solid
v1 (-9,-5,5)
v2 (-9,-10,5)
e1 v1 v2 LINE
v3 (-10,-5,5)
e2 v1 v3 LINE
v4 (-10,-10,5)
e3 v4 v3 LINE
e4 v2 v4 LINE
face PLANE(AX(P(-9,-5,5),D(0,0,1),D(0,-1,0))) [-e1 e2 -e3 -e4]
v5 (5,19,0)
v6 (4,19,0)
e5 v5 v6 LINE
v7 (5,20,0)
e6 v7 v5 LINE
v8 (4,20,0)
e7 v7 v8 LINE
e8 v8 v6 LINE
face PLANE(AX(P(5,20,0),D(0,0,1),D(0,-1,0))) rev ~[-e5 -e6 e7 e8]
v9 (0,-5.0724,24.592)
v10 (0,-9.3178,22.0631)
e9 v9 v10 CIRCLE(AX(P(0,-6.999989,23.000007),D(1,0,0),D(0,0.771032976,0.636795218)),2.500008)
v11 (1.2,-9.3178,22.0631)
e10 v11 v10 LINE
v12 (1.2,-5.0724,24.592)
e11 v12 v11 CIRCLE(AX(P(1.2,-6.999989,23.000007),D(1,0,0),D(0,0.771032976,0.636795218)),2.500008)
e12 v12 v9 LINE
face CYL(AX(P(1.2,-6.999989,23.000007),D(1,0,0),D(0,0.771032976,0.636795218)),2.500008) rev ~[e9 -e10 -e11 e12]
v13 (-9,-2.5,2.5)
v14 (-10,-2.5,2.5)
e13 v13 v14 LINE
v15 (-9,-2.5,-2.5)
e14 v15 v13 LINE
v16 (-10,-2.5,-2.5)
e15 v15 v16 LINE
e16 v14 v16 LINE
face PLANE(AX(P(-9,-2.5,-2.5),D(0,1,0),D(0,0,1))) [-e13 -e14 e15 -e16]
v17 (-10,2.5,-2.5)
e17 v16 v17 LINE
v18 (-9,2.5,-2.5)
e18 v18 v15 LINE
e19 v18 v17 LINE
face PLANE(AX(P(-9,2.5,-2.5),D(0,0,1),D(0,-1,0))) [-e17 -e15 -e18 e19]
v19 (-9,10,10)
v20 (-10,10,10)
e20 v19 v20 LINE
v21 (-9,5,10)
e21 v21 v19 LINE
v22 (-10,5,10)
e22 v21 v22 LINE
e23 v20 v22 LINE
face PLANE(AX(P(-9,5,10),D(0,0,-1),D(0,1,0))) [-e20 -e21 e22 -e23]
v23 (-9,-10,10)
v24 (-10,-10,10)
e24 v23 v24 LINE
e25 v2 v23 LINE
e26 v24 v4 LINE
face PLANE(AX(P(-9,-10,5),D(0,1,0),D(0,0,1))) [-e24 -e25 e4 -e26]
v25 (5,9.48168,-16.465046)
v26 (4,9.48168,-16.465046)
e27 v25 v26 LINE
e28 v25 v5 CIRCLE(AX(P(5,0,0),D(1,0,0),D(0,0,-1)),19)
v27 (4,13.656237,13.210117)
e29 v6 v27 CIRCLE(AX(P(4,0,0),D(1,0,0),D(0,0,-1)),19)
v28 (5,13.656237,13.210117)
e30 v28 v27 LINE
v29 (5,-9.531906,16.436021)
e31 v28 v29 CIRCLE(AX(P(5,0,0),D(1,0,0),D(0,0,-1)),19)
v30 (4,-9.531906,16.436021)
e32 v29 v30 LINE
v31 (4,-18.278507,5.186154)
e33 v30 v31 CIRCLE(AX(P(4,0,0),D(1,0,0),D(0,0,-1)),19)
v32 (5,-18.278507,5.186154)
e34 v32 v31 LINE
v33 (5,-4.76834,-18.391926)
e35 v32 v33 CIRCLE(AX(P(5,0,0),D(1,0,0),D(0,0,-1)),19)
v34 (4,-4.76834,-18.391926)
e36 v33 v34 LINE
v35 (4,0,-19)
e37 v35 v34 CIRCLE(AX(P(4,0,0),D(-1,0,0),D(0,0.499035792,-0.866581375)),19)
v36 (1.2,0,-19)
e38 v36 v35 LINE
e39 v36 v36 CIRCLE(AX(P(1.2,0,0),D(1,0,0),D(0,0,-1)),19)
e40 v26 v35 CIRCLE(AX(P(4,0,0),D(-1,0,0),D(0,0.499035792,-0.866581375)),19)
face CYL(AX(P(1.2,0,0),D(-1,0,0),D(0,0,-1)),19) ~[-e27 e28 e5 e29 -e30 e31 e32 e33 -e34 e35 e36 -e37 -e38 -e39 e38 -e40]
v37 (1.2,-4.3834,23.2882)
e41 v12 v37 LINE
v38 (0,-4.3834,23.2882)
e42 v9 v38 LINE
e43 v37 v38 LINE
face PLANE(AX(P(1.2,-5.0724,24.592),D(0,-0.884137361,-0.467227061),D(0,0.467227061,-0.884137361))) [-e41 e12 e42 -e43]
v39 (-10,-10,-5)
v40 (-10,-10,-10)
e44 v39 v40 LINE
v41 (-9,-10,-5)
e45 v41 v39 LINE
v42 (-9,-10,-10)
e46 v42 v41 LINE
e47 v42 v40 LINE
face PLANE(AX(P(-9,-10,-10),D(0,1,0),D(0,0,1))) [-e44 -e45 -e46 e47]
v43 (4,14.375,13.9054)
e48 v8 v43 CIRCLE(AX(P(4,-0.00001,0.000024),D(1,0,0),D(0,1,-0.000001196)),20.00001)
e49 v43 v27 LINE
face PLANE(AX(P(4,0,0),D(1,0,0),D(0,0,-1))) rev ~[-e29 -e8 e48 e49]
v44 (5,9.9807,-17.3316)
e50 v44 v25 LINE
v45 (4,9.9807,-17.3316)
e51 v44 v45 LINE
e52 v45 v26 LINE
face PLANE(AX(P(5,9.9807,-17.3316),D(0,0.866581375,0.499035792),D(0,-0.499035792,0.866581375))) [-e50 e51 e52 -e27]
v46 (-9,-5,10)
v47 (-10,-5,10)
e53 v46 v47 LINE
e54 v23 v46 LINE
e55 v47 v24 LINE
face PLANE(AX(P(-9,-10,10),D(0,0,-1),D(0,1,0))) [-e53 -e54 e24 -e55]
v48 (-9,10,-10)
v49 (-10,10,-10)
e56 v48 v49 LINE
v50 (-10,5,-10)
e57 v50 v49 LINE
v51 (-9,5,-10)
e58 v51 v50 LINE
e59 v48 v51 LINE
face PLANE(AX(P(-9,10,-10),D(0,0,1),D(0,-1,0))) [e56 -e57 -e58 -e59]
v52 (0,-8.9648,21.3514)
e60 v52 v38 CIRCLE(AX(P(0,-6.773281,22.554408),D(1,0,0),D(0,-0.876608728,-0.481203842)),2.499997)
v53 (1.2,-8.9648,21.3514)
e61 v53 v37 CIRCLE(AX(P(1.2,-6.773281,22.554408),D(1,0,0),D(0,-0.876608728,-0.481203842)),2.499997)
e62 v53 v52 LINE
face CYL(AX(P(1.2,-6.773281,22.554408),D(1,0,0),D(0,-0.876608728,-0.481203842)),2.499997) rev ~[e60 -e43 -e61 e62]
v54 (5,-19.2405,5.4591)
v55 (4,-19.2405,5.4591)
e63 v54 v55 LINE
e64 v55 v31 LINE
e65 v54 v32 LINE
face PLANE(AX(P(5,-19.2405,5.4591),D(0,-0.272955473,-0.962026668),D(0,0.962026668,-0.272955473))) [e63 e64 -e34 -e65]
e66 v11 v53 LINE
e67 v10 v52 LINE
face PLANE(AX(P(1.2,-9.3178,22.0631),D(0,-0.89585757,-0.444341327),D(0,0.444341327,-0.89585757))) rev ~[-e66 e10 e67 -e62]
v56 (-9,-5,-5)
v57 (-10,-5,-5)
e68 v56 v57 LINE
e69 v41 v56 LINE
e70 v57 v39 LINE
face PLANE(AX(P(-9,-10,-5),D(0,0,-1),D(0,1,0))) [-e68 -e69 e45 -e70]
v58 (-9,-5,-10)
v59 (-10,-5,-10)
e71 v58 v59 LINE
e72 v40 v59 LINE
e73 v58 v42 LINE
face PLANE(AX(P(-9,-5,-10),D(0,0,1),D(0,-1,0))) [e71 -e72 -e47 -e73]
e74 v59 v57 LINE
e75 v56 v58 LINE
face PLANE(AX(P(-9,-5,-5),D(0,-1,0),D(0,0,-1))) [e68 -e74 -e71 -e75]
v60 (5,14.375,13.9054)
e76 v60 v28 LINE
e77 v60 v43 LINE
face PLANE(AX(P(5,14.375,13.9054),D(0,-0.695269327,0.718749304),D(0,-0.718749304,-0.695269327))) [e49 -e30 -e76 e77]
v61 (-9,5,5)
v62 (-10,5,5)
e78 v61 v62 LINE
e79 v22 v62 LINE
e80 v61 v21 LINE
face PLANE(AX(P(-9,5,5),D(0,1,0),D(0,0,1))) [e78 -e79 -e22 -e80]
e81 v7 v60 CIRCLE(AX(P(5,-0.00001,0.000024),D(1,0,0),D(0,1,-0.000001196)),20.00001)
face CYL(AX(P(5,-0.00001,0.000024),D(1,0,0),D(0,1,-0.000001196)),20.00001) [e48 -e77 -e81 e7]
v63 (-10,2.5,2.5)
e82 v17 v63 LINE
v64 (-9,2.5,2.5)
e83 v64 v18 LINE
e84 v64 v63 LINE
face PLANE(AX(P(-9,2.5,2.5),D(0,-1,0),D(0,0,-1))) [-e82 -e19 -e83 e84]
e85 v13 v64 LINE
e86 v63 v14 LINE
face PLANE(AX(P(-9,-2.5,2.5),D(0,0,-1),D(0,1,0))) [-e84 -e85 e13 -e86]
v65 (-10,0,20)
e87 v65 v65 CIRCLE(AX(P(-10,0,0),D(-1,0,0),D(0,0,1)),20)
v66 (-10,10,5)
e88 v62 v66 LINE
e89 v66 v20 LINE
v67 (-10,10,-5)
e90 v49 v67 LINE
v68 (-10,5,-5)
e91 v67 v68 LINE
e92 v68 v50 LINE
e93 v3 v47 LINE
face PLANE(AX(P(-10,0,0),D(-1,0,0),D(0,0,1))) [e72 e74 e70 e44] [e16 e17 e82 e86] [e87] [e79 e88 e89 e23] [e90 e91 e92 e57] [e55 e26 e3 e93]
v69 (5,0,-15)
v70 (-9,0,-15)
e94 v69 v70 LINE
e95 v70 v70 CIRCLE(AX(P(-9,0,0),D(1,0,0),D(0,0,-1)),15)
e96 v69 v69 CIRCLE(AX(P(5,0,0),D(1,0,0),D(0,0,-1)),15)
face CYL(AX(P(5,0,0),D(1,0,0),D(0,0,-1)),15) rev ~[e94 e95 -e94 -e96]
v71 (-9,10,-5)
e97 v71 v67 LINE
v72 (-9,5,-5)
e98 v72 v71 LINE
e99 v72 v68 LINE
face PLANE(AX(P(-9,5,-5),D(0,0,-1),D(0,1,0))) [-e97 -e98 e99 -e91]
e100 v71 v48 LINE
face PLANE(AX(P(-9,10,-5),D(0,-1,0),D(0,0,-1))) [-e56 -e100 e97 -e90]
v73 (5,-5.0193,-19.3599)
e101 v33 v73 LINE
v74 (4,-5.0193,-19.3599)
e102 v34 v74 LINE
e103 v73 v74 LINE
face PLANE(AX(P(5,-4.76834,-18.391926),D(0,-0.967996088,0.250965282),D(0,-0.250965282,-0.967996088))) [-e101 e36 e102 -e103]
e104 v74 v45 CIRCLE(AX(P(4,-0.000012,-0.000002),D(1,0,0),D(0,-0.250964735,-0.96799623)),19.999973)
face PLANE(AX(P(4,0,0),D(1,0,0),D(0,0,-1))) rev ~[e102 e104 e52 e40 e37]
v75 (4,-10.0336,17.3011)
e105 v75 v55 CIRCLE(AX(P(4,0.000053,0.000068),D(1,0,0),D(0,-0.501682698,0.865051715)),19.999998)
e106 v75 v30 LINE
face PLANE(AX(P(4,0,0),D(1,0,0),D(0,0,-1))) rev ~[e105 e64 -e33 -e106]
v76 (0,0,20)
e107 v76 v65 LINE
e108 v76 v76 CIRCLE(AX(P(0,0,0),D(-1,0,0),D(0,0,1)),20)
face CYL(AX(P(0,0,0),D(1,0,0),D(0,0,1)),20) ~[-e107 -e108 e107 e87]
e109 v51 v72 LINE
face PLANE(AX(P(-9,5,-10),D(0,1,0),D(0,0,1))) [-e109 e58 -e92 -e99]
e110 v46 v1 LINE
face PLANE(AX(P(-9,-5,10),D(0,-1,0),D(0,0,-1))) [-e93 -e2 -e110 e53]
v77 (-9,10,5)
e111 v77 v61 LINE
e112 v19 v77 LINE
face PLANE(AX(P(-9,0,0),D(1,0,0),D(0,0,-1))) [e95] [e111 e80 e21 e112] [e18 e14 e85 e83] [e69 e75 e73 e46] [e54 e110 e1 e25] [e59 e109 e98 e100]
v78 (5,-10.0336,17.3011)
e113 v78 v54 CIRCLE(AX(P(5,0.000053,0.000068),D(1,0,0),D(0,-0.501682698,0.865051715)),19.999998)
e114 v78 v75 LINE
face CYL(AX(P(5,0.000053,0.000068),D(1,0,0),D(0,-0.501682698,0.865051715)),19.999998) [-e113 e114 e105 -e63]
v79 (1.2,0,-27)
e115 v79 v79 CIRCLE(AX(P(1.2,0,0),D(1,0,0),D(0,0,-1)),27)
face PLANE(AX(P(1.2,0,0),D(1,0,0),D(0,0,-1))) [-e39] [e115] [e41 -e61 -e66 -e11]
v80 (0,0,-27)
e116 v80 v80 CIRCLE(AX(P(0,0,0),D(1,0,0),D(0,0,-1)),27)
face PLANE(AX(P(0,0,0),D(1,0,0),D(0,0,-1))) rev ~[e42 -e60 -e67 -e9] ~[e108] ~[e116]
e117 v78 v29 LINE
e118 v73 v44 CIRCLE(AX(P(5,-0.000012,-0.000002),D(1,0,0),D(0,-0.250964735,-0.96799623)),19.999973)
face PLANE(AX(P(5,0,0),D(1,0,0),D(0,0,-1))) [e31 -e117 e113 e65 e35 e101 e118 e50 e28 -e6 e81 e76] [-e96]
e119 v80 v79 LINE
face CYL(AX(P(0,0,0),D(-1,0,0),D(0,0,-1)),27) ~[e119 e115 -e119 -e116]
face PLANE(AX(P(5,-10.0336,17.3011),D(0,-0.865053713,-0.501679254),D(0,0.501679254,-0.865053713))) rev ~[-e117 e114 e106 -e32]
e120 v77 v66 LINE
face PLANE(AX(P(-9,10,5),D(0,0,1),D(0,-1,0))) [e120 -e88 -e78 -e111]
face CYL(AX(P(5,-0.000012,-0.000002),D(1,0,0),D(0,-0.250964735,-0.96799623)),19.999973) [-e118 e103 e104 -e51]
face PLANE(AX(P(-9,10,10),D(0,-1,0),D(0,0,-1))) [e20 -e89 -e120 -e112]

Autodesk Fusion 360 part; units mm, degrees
sketch "スケッチ1" plane through (0, 0, 0) normal (1, 0, 0) x (0, 0, -1)
  circle A0 centre (0, 0) radius 27
  dimension "d1" = 54
extrude "押し出し1" add sketch "スケッチ1" along normal blind 1.2
sketch "スケッチ2" plane through (1.2, 0, 0) normal (1, 0, 0) x (0, 0, -1)
  circle A0 centre (0, 0) radius 27
  circle A1 centre (0, 0) radius 19
  dimension "d4" = 38
extrude "押し出し2" add sketch "スケッチ2" along normal blind 3.8 contours A1
sketch "スケッチ7" plane through (5, 0, 0) normal (1, 0, 0) x (0, 0, -1)
  circle A0 centre (0, 0) radius 19
  arc A1 (0, 20) -> (-13.9054, 14.375) centre (0, 0) ccw
  arc A2 (-17.3011, -10.0336) -> (-5.4591, -19.2405) centre (0, 0) ccw
  arc A3 (19.3599, -5.0193) -> (17.3316, 9.9807) centre (0, 0) ccw
  line L0 (17.3316, 9.9807) -> (0, 0)
  line L1 (0, 0) -> (19.3599, -5.0193)
  line L2 (0, 20) -> (0, 0)
  line L3 (-13.9054, 14.375) -> (0, 0)
  line L4 (-17.3011, -10.0336) -> (0, 0)
  line L5 (-5.4591, -19.2405) -> (0, 0)
  dimension "d10" = 20
  dimension "d11" = 20
  dimension "d12" = 20
  dimension "d13" = 15
  dimension "d14" = 15
  dimension "d15" = 15
extrude "押し出し3" add sketch "スケッチ7" against normal blind 1 contours A0 A3 L0 L1 | A0 A1 L2 L3 | A0 A2 L4 L5
sketch "スケッチ12" plane through (1.2, 0, 0) normal (1, 0, 0) x (0, 0, -1)
  circle A0 centre (0, 0) radius 19
  circle A1 centre (0, 0) radius 27
  arc A2 (-24.592, -5.0724) -> (-22.0631, -9.3178) centre (-23, -7) ccw
  arc A3 (-21.3514, -8.9648) -> (-23.2882, -4.3834) centre (-22.5544, -6.7733) ccw
  line L0 (-22.0631, -9.3178) -> (-21.3514, -8.9648)
  line L1 (-24.592, -5.0724) -> (-23.2882, -4.3834)
  dimension "d38" = 2.5
  dimension "d39" = 2.5
  dimension "d62" = 0.5
  dimension "d63" = 1.476
extrude "押し出し10" cut sketch "スケッチ12" against normal blind 11 contours A2 A3 L0 L1
sketch "スケッチ8" plane through (0, 0, 0) normal (-1, 0, 0) x (0, 0, 1)
  circle A0 centre (0, 0) radius 27
  circle A1 centre (0, 0) radius 20
  arc A2 (23.2882, -4.3834) -> (21.3514, -8.9648) centre (22.5544, -6.7733) ccw
  line L0 (23.2882, -4.3834) -> (24.592, -5.0724)
  arc A3 (22.0631, -9.3178) -> (24.592, -5.0724) centre (23, -7) ccw
  line L1 (22.0631, -9.3178) -> (21.3514, -8.9648)
  dimension "d18" = 40
extrude "押し出し4" add sketch "スケッチ8" along normal blind 10 contours A1
sketch "スケッチ9" plane through (5, 0, 0) normal (1, 0, 0) x (0, 0, -1)
  arc A0 (16.465, 9.4817) -> (0, 19) centre (0, 0) ccw
  line L0 (0, 19) -> (0, 20)
  arc A1 (0, 20) -> (-13.9054, 14.375) centre (0, 0) ccw
  line L1 (-13.9054, 14.375) -> (-13.2101, 13.6563)
  arc A2 (-13.2101, 13.6563) -> (-16.436, -9.5319) centre (0, 0) ccw
  line L2 (-16.436, -9.5319) -> (-17.3011, -10.0336)
  arc A3 (-17.3011, -10.0336) -> (-5.4591, -19.2405) centre (0, 0) ccw
  line L3 (-5.4591, -19.2405) -> (-5.1861, -18.2785)
  arc A4 (-5.1861, -18.2785) -> (18.3919, -4.7683) centre (0, 0) ccw
  line L4 (18.3919, -4.7683) -> (19.3599, -5.0193)
  arc A5 (19.3599, -5.0193) -> (17.3316, 9.9807) centre (0, 0) ccw
  line L5 (17.3316, 9.9807) -> (16.465, 9.4817)
  circle A6 centre (0, 0) radius 15
  dimension "d21" = 30
extrude "押し出し5" cut sketch "スケッチ9" against normal blind 14 contours A6
sketch "スケッチ11" plane through (-9, 0, 0) normal (1, 0, 0) x (0, 0, -1)
  circle A0 centre (0, 0) radius 15
  line L0 (-2.5, 2.5) -> (2.5, 2.5)
  line L1 (2.5, 2.5) -> (2.5, -2.5)
  line L2 (2.5, -2.5) -> (-2.5, -2.5)
  line L3 (-2.5, -2.5) -> (-2.5, 2.5)
  line L4 (5, 10) -> (10, 10)
  line L5 (10, 10) -> (10, 5)
  line L6 (10, 5) -> (5, 5)
  line L7 (5, 5) -> (5, 10)
  line L8 (-10, 10) -> (-5, 10)
  line L9 (-5, 10) -> (-5, 5)
  line L10 (-5, 5) -> (-10, 5)
  line L11 (-10, 5) -> (-10, 10)
  line L12 (-10, -5) -> (-5, -5)
  line L13 (-5, -5) -> (-5, -10)
  line L14 (-5, -10) -> (-10, -10)
  line L15 (-10, -10) -> (-10, -5)
  line L16 (5, -5) -> (10, -5)
  line L17 (10, -5) -> (10, -10)
  line L18 (10, -10) -> (5, -10)
  line L19 (5, -10) -> (5, -5)
  dimension "d42" = 5
  dimension "d43" = 2.5
  dimension "d44" = 2.5
  dimension "d45" = 5
  dimension "d46" = 5
  dimension "d47" = 5
  dimension "d48" = 5
  dimension "d49" = 5
  dimension "d50" = 5
  dimension "d51" = 5
  dimension "d52" = 5
  dimension "d53" = 5
  dimension "d54" = 5
  dimension "d55" = 5
  dimension "d56" = 5
  dimension "d57" = 5
  dimension "d58" = 5
  dimension "d59" = 5
extrude "押し出し11" cut sketch "スケッチ11" against normal blind 5 contours L0 L1 L2 L3 | L4 L5 L6 L7 | L8 L9 L10 L11 | L12 L13 L14 L15 | L16 L17 L18 L19
